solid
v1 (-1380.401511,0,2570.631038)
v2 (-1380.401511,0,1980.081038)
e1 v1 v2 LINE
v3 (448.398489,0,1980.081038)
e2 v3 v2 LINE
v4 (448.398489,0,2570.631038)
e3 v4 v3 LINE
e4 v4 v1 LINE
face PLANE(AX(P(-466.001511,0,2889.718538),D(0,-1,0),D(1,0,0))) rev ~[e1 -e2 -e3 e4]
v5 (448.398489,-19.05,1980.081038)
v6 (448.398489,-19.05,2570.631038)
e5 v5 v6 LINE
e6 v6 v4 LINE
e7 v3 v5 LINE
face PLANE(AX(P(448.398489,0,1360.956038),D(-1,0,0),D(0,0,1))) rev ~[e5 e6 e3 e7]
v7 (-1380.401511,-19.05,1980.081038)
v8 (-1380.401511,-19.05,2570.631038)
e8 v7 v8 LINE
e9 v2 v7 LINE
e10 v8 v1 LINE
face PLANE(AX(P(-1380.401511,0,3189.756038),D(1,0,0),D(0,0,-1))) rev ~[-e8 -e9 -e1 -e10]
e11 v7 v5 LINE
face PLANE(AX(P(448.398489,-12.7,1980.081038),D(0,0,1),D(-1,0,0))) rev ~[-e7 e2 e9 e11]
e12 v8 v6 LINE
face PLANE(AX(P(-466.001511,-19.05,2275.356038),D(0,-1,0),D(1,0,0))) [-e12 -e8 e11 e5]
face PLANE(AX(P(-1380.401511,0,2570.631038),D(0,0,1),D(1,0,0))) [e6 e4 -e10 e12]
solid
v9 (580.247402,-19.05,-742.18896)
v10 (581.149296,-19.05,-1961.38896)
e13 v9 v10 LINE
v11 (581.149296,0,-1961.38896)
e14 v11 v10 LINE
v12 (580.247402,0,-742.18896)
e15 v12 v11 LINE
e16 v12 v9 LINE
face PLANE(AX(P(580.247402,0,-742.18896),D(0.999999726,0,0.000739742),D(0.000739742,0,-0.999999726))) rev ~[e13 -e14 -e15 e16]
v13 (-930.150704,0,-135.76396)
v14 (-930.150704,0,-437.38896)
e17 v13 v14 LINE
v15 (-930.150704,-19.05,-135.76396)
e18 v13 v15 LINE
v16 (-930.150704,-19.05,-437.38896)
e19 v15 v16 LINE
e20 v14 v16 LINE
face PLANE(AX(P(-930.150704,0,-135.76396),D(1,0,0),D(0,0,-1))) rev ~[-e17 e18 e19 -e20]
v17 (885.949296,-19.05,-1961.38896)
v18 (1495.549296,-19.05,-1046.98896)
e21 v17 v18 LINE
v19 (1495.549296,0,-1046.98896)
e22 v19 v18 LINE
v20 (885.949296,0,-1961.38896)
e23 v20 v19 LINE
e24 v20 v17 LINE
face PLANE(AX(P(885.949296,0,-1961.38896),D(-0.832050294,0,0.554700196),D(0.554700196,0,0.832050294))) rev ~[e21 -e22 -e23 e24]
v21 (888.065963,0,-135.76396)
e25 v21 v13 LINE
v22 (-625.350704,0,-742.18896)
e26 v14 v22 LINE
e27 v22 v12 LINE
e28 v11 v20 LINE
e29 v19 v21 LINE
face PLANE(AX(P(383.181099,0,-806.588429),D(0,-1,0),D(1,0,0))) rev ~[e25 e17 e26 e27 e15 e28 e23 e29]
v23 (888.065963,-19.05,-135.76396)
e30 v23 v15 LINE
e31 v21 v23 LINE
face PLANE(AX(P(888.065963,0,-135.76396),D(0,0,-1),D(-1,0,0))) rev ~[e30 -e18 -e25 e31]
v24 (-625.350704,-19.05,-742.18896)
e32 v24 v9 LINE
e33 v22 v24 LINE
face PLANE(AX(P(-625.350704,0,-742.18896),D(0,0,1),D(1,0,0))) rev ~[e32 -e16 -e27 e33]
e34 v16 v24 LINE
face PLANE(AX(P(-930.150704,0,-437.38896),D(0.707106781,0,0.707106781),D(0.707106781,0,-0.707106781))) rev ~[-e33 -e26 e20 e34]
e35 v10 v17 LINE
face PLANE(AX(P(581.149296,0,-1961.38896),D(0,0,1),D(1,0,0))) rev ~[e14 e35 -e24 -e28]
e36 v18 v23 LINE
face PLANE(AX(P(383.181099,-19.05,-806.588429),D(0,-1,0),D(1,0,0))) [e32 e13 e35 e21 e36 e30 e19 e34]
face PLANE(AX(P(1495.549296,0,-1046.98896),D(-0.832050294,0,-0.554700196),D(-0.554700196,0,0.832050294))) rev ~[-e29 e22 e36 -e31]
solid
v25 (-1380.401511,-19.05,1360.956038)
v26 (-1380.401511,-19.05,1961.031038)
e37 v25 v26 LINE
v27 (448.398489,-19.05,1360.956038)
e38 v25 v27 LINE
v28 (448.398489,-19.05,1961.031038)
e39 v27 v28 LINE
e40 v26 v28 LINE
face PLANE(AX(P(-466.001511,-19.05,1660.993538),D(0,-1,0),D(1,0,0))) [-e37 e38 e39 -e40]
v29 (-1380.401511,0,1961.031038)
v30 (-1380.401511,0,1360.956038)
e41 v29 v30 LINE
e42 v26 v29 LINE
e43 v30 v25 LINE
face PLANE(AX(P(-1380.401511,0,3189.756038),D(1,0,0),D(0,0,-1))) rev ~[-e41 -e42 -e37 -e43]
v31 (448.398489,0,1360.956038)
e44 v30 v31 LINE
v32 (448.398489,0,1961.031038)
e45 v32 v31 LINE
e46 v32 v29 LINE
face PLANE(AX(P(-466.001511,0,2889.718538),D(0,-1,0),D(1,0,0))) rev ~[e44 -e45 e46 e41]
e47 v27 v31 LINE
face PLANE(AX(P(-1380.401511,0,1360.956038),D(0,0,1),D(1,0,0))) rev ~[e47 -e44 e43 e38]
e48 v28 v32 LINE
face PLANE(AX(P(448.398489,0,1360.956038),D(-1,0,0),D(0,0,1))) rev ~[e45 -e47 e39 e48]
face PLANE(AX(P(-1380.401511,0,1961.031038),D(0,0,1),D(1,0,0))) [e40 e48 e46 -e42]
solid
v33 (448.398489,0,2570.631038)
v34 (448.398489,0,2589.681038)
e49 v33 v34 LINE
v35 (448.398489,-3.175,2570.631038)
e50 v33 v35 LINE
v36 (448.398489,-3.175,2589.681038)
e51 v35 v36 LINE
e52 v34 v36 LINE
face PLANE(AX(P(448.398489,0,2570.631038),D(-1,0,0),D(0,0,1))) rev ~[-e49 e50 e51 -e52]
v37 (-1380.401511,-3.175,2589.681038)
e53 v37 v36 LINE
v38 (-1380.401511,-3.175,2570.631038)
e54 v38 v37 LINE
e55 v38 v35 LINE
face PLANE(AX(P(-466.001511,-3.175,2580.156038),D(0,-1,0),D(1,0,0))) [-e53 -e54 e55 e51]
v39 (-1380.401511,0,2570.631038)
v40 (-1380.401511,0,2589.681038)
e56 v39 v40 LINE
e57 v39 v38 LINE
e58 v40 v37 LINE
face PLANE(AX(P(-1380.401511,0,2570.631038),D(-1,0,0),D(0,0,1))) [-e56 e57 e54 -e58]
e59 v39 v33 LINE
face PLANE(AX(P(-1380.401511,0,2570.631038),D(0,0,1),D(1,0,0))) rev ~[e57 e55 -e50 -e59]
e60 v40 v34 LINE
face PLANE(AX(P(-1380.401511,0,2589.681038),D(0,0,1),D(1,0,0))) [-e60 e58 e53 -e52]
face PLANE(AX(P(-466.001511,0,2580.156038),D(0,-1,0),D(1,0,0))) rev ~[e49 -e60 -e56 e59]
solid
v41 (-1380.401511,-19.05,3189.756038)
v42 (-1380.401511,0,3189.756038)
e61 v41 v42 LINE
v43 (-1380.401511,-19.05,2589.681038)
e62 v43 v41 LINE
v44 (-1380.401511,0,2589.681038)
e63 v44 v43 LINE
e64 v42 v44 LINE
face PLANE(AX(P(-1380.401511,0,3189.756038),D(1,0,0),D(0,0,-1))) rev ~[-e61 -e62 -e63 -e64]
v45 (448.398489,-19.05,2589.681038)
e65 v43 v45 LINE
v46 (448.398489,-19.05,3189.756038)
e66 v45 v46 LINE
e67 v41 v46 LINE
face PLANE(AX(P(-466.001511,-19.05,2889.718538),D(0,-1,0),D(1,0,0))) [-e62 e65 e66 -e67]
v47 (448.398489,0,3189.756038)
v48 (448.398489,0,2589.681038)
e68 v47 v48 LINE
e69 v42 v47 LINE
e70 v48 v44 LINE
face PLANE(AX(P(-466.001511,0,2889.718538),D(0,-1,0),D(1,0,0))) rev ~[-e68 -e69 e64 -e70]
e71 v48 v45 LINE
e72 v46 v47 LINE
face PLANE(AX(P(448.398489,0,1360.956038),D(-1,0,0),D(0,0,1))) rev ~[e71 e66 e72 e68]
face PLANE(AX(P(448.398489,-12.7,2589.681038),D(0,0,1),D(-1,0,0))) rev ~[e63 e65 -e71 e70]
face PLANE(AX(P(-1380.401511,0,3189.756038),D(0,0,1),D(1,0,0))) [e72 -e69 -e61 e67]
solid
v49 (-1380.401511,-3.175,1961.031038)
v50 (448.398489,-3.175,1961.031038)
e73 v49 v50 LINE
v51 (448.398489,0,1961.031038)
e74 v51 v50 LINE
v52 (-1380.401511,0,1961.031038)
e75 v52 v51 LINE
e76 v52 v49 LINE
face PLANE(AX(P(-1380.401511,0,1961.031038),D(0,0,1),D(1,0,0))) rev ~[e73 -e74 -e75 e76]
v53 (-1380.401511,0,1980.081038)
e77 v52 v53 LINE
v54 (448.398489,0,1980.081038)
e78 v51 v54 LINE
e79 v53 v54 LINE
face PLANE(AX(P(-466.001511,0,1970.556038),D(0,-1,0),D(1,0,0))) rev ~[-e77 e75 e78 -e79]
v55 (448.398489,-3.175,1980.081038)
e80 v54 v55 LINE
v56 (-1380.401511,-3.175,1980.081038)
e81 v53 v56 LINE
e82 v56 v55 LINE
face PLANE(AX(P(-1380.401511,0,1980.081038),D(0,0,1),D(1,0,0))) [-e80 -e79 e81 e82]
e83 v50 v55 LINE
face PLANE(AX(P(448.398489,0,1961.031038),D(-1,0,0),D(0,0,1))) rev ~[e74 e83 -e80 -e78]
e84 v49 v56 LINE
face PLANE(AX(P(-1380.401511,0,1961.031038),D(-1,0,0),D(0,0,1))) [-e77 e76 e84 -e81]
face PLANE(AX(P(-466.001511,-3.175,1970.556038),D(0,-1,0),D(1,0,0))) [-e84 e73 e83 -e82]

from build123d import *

# Parameters (mm, degrees)
F1_DEPTH = 19.05
F2_W     = 1828.8
F2_H     = 600.075
F2_H_2   = 19.05
F2_H_3   = 590.55
F3_DEPTH = 12.7
F4_DEPTH = 19.05
F5_DEPTH = 12.7
F6_DEPTH = 3.175


with BuildPart() as f1:
    # F0 (on Front) → F1 (new body)
    with BuildSketch(Plane.XZ):
        Polygon((-930.1507037908, -437.3889599509), (-625.3507037908, -742.1889599509), (580.2474021912, -742.1889599509), (581.1492962092, -1961.3889599509), (885.9492962092, -1961.3889599509), (1495.5492962092, -1046.9889599509), (888.0659628759, -135.7639599509), (-930.1507037908, -135.7639599509), align=None)
    extrude(amount=F1_DEPTH)


with BuildPart() as f3:
    # F2 (on Front) → F3 (new body)
    with BuildSketch(Plane.XZ):
        with Locations((-466.0015106201, 2889.7185382142)):
            Rectangle(F2_W, F2_H)
        with Locations((-466.0015106201, 2580.1560382142)):
            Rectangle(F2_W, F2_H_2)
        with Locations((-466.0015106201, 2275.3560382142)):
            Rectangle(F2_W, F2_H_3)
        with Locations((-466.0015106201, 1970.5560382142)):
            Rectangle(F2_W, F2_H_2)
        with Locations((-466.0015106201, 1660.9935382142)):
            Rectangle(F2_W, F2_H)
    extrude(amount=F3_DEPTH)

    # F2 (on Front) → F4 (join)
    with BuildSketch(Plane.XZ):
        with Locations((-466.0015106201, 2889.7185382142)):
            Rectangle(F2_W, F2_H)
        with Locations((-466.0015106201, 2275.3560382142)):
            Rectangle(F2_W, F2_H_3)
        with Locations((-466.0015106201, 1660.9935382142)):
            Rectangle(F2_W, F2_H)
    extrude(amount=F4_DEPTH)

    # F5 (cut): faces of the model
    f5_faces = [f3.faces().sort_by_distance(p)[0] for p in [
        (-466.0015106201, -12.7, 2580.1560382142),
        (-466.0015106201, -12.7, 1970.5560382142),
    ]]
    extrude(f5_faces, amount=-F5_DEPTH, mode=Mode.SUBTRACT)


with BuildPart() as f6:
    # F2 (on Front) → F6 (new body)
    with BuildSketch(Plane.XZ):
        with Locations((-466.0015106201, 1970.5560382142)):
            Rectangle(F2_W, F2_H_2)
    extrude(amount=F6_DEPTH)


with BuildPart() as f6b:
    # F2 (on Front) → F6, piece 2 (new body)
    with BuildSketch(Plane.XZ):
        with Locations((-466.0015106201, 2580.1560382142)):
            Rectangle(F2_W, F2_H_2)
    extrude(amount=F6_DEPTH)


solid = Compound([f1.part, f3.part, f6.part, f6b.part])
